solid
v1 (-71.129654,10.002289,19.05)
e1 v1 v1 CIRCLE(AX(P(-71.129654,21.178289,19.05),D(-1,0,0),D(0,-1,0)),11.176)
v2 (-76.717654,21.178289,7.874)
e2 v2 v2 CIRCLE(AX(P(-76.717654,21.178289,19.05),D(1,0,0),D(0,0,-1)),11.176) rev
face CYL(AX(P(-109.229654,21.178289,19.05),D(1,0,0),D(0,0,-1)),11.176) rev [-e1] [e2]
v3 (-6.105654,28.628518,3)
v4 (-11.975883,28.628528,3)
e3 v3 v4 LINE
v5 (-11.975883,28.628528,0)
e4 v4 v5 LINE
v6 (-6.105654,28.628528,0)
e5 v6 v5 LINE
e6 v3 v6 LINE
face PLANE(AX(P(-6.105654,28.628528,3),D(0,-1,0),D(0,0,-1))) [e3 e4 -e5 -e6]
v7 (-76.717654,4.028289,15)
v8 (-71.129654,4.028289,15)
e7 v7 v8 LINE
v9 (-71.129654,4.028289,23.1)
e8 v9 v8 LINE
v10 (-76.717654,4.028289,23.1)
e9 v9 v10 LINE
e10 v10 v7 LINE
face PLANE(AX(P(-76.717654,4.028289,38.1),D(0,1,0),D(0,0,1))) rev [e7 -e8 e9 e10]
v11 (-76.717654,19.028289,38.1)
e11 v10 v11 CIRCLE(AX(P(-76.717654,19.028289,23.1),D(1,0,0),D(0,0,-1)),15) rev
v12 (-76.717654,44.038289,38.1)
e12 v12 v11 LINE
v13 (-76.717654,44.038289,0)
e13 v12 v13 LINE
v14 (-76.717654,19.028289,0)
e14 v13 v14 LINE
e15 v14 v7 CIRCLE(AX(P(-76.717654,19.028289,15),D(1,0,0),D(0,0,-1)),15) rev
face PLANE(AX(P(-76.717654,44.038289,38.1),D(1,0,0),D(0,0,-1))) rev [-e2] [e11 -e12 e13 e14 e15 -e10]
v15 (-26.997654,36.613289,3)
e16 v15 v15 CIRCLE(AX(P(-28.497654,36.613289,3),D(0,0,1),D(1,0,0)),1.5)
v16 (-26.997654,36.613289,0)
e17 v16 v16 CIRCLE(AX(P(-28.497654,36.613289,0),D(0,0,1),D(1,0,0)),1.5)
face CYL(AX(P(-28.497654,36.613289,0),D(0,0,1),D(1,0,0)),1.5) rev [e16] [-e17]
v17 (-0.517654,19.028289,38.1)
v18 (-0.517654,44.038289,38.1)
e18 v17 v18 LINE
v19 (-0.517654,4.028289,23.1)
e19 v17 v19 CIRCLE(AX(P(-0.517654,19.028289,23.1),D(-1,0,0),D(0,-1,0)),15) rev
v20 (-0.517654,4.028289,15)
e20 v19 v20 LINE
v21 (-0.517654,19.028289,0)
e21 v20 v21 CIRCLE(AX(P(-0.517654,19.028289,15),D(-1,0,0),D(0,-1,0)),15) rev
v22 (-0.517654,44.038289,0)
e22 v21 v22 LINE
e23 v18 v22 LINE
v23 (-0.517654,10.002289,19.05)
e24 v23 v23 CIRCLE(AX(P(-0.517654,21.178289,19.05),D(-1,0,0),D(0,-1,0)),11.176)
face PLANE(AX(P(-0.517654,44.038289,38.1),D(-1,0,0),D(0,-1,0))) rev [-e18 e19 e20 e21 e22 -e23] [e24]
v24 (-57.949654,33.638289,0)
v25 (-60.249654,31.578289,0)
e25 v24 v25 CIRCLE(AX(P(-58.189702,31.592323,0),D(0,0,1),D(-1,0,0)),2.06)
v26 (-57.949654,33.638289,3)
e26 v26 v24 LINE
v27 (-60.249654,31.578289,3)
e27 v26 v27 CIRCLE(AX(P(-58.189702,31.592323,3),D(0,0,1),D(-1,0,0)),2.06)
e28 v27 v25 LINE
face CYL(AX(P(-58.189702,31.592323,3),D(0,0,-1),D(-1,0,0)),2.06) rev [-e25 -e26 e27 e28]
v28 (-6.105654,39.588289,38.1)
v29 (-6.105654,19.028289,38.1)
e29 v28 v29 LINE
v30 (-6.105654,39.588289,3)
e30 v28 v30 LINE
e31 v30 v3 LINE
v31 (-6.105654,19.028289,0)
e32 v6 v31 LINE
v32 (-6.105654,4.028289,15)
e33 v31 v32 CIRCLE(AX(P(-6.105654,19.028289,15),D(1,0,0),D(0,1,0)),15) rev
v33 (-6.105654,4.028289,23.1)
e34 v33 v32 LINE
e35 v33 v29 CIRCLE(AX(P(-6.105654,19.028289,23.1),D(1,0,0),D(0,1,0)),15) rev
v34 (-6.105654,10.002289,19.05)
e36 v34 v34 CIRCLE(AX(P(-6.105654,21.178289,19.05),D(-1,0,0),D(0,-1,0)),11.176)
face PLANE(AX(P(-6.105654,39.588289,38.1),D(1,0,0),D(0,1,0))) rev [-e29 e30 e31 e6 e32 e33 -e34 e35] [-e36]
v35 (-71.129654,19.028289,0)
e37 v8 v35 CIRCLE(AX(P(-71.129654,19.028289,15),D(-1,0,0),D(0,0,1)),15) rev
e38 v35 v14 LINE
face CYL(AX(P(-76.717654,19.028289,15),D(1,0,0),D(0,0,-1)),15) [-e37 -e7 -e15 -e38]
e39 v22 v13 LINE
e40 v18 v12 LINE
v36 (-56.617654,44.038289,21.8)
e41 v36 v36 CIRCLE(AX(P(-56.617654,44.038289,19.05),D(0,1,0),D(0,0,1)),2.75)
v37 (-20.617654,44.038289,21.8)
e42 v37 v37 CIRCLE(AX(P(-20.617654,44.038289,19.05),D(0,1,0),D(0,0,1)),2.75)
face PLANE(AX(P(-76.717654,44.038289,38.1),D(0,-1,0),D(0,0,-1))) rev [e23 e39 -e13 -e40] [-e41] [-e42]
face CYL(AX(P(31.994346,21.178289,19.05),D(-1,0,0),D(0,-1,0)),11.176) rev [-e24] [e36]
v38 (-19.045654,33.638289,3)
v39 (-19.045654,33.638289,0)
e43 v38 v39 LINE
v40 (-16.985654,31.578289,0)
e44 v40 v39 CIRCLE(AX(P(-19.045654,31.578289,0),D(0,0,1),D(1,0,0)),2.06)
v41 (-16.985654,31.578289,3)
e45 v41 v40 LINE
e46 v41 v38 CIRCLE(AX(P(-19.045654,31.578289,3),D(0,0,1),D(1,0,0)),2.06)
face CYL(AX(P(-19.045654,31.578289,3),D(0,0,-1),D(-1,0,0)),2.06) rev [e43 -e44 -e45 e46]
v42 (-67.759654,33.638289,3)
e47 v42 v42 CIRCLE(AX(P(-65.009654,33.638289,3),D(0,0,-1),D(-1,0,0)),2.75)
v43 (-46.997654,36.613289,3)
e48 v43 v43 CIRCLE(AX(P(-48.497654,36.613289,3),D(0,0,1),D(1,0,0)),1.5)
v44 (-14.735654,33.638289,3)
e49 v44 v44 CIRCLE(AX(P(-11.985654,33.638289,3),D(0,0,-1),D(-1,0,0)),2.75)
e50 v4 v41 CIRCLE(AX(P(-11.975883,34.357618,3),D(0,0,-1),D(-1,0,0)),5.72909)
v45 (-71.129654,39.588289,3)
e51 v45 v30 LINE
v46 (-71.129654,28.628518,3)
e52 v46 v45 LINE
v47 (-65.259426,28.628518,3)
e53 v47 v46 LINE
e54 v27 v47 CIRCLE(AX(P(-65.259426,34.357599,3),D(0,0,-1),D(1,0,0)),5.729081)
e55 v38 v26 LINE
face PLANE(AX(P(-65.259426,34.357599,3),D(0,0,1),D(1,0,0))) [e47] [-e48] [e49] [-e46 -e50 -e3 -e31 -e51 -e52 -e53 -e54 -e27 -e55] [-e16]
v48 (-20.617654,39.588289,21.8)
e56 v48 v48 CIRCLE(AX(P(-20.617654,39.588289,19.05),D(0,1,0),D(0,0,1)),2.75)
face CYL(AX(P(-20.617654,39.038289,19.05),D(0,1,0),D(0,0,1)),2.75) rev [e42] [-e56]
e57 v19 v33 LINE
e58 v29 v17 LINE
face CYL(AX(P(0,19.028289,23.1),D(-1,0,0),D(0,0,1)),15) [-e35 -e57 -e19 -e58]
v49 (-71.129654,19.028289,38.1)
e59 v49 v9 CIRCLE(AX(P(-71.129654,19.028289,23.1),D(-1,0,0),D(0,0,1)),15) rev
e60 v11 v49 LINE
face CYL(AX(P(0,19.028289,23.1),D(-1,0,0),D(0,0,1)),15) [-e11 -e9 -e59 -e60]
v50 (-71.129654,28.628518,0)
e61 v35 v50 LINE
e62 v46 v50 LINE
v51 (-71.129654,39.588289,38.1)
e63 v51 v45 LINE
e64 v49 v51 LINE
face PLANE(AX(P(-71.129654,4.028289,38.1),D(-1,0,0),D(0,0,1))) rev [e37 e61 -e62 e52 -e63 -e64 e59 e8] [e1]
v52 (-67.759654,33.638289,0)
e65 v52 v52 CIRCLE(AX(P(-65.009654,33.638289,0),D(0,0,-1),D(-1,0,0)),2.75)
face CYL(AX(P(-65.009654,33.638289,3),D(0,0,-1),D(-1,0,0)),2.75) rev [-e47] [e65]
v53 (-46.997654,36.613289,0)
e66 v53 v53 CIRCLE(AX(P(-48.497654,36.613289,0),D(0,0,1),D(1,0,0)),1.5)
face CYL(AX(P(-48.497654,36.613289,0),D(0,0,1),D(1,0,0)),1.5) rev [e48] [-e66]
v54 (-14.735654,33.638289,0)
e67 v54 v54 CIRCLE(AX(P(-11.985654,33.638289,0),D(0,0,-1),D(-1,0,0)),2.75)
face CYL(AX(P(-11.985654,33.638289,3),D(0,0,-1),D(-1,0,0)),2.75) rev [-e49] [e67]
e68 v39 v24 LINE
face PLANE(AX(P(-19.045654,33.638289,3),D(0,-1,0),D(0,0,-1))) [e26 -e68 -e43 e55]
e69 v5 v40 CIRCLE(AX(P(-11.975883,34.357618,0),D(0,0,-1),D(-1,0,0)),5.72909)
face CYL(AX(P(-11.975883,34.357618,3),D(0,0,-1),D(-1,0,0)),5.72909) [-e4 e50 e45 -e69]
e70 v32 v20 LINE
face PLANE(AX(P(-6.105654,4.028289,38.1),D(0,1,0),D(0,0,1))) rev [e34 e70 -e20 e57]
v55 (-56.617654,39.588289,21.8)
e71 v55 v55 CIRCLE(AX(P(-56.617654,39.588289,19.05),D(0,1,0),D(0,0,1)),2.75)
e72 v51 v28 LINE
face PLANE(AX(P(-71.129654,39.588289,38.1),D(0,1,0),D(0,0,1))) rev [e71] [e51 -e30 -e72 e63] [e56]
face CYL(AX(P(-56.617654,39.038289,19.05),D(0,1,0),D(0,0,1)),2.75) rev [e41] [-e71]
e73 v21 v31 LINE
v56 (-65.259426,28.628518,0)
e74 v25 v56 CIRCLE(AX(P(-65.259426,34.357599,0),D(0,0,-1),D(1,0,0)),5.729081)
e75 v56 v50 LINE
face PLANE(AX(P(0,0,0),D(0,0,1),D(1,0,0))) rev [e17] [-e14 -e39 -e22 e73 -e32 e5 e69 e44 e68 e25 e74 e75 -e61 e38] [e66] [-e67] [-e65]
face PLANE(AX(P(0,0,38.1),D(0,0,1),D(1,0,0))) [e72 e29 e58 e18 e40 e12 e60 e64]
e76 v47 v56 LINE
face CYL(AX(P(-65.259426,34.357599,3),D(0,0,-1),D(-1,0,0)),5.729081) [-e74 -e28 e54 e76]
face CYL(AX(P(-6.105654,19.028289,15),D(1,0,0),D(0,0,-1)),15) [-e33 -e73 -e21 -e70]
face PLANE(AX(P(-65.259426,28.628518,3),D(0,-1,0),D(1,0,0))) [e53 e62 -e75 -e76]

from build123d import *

# Parameters (mm, degrees)
BOSS_EXTRUDE1_DEPTH = 38.1
SKETCH5_R           = 11.176
CUT_EXTRUDE1_DEPTH  = 38.1
FILLET1_R           = 15
SKETCH6_R           = 1.51
CUT_EXTRUDE2_DEPTH  = 10
SKETCH11_R          = 2.75
CUT_EXTRUDE5_DEPTH  = 5
SKETCH12_R          = 2.75
BOSS_EXTRUDE2_DEPTH = 3
SKETCH13_R          = 1.5
CUT_EXTRUDE6_DEPTH  = 3


with BuildPart() as part:
    # Sketch1 → Boss-Extrude1 (new body)
    with BuildSketch(Plane.XY):
        Polygon((-76.717654375, 44.038289207), (-0.517654375, 44.038289207), (-0.517654375, 4.028289207), (-6.105654375, 4.028289207), (-6.105654375, 39.588289207), (-71.129654375, 39.588289207), (-71.129654375, 4.028289207), (-76.717654375, 4.028289207), align=None)
    extrude(amount=BOSS_EXTRUDE1_DEPTH)

    # Sketch5 → Cut-Extrude1 (cut)
    with BuildSketch(Plane.ZY.offset(6.105654375)):
        with Locations((19.05, 21.178289207)):
            Circle(SKETCH5_R)
    cut_extrude1 = extrude(amount=-CUT_EXTRUDE1_DEPTH, mode=Mode.SUBTRACT)

    # Mirror3: Cut-Extrude1 across plane
    add(cut_extrude1.mirror(Plane.ZY.offset(38.617654375)), mode=Mode.SUBTRACT)

    # Fillet1
    fillet1_edges = [part.edges().sort_by_distance(p)[0] for p in [
        (-73.923654375, 4.028289207, 0),
        (-3.311654375, 4.028289207, 38.1),
        (-73.923654375, 4.028289207, 38.1),
        (-3.311654375, 4.028289207, 0),
    ]]
    fillet(fillet1_edges, radius=FILLET1_R)

    # Sketch6 → Cut-Extrude2 (cut)
    with BuildSketch(Plane(origin=(0, 44.038289207, 0), x_dir=(1, 0, 0), z_dir=(0, 1, 0))):
        with Locations((-56.617654375, -19.05)):
            Circle(SKETCH6_R)
        with Locations((-20.617654375, -19.05)):
            Circle(SKETCH6_R)
    extrude(amount=-CUT_EXTRUDE2_DEPTH, mode=Mode.SUBTRACT)

    # Sketch11 → Cut-Extrude5 (cut)
    with BuildSketch(Plane(origin=(0, 44.038289207, 0), x_dir=(1, 0, 0), z_dir=(0, 1, 0))):
        with Locations((-56.617654375, -19.05)):
            Circle(SKETCH11_R)
        with Locations((-20.617654375, -19.05)):
            Circle(SKETCH11_R)
    extrude(amount=-CUT_EXTRUDE5_DEPTH, mode=Mode.SUBTRACT)

    # Sketch12 → Boss-Extrude2 (add)
    with BuildSketch(Plane(origin=(0, 0, 0), x_dir=(-1, 0, 0), z_dir=(0, 0, -1))):
        with BuildLine():
            Line((6.105654375, 39.588289207), (71.129654375, 39.588289207))
            Line((71.129654375, 39.588289207), (71.129654375, 28.628518045))
            Line((71.129654375, 28.628518045), (65.259425536, 28.628518045))
            ThreePointArc((65.259425536, 28.628518045), (62.352582017, 29.420734639), (60.249654375, 31.578289207))
            ThreePointArc((60.249654375, 31.578289207), (59.564079492, 33.126822105), (57.949654375, 33.638289207))
            Line((57.949654375, 33.638289207), (19.045654375, 33.638289207))
            ThreePointArc((19.045654375, 33.638289207), (17.589014406, 33.034929176), (16.985654375, 31.578289207))
            ThreePointArc((16.985654375, 31.578289207), (14.882724316, 29.420741304), (11.975883214, 28.628527574))
            Line((11.975883214, 28.628527574), (6.105654375, 28.628527574))
            Line((6.105654375, 28.628527574), (6.105654375, 39.588289207))
        make_face()
        with Locations((65.009654375, 33.638289207)):
            Circle(SKETCH12_R, mode=Mode.SUBTRACT)
        with Locations((11.985654375, 33.638289207)):
            Circle(SKETCH12_R, mode=Mode.SUBTRACT)
    extrude(amount=-BOSS_EXTRUDE2_DEPTH)

    # Sketch13 → Cut-Extrude6 (cut)
    with BuildSketch(Plane.XY.offset(3)):
        with Locations((-28.497654375, 36.613289207)):
            Circle(SKETCH13_R)
        with Locations((-48.497654375, 36.613289207)):
            Circle(SKETCH13_R)
    extrude(amount=-CUT_EXTRUDE6_DEPTH, mode=Mode.SUBTRACT)


solid = part.part
